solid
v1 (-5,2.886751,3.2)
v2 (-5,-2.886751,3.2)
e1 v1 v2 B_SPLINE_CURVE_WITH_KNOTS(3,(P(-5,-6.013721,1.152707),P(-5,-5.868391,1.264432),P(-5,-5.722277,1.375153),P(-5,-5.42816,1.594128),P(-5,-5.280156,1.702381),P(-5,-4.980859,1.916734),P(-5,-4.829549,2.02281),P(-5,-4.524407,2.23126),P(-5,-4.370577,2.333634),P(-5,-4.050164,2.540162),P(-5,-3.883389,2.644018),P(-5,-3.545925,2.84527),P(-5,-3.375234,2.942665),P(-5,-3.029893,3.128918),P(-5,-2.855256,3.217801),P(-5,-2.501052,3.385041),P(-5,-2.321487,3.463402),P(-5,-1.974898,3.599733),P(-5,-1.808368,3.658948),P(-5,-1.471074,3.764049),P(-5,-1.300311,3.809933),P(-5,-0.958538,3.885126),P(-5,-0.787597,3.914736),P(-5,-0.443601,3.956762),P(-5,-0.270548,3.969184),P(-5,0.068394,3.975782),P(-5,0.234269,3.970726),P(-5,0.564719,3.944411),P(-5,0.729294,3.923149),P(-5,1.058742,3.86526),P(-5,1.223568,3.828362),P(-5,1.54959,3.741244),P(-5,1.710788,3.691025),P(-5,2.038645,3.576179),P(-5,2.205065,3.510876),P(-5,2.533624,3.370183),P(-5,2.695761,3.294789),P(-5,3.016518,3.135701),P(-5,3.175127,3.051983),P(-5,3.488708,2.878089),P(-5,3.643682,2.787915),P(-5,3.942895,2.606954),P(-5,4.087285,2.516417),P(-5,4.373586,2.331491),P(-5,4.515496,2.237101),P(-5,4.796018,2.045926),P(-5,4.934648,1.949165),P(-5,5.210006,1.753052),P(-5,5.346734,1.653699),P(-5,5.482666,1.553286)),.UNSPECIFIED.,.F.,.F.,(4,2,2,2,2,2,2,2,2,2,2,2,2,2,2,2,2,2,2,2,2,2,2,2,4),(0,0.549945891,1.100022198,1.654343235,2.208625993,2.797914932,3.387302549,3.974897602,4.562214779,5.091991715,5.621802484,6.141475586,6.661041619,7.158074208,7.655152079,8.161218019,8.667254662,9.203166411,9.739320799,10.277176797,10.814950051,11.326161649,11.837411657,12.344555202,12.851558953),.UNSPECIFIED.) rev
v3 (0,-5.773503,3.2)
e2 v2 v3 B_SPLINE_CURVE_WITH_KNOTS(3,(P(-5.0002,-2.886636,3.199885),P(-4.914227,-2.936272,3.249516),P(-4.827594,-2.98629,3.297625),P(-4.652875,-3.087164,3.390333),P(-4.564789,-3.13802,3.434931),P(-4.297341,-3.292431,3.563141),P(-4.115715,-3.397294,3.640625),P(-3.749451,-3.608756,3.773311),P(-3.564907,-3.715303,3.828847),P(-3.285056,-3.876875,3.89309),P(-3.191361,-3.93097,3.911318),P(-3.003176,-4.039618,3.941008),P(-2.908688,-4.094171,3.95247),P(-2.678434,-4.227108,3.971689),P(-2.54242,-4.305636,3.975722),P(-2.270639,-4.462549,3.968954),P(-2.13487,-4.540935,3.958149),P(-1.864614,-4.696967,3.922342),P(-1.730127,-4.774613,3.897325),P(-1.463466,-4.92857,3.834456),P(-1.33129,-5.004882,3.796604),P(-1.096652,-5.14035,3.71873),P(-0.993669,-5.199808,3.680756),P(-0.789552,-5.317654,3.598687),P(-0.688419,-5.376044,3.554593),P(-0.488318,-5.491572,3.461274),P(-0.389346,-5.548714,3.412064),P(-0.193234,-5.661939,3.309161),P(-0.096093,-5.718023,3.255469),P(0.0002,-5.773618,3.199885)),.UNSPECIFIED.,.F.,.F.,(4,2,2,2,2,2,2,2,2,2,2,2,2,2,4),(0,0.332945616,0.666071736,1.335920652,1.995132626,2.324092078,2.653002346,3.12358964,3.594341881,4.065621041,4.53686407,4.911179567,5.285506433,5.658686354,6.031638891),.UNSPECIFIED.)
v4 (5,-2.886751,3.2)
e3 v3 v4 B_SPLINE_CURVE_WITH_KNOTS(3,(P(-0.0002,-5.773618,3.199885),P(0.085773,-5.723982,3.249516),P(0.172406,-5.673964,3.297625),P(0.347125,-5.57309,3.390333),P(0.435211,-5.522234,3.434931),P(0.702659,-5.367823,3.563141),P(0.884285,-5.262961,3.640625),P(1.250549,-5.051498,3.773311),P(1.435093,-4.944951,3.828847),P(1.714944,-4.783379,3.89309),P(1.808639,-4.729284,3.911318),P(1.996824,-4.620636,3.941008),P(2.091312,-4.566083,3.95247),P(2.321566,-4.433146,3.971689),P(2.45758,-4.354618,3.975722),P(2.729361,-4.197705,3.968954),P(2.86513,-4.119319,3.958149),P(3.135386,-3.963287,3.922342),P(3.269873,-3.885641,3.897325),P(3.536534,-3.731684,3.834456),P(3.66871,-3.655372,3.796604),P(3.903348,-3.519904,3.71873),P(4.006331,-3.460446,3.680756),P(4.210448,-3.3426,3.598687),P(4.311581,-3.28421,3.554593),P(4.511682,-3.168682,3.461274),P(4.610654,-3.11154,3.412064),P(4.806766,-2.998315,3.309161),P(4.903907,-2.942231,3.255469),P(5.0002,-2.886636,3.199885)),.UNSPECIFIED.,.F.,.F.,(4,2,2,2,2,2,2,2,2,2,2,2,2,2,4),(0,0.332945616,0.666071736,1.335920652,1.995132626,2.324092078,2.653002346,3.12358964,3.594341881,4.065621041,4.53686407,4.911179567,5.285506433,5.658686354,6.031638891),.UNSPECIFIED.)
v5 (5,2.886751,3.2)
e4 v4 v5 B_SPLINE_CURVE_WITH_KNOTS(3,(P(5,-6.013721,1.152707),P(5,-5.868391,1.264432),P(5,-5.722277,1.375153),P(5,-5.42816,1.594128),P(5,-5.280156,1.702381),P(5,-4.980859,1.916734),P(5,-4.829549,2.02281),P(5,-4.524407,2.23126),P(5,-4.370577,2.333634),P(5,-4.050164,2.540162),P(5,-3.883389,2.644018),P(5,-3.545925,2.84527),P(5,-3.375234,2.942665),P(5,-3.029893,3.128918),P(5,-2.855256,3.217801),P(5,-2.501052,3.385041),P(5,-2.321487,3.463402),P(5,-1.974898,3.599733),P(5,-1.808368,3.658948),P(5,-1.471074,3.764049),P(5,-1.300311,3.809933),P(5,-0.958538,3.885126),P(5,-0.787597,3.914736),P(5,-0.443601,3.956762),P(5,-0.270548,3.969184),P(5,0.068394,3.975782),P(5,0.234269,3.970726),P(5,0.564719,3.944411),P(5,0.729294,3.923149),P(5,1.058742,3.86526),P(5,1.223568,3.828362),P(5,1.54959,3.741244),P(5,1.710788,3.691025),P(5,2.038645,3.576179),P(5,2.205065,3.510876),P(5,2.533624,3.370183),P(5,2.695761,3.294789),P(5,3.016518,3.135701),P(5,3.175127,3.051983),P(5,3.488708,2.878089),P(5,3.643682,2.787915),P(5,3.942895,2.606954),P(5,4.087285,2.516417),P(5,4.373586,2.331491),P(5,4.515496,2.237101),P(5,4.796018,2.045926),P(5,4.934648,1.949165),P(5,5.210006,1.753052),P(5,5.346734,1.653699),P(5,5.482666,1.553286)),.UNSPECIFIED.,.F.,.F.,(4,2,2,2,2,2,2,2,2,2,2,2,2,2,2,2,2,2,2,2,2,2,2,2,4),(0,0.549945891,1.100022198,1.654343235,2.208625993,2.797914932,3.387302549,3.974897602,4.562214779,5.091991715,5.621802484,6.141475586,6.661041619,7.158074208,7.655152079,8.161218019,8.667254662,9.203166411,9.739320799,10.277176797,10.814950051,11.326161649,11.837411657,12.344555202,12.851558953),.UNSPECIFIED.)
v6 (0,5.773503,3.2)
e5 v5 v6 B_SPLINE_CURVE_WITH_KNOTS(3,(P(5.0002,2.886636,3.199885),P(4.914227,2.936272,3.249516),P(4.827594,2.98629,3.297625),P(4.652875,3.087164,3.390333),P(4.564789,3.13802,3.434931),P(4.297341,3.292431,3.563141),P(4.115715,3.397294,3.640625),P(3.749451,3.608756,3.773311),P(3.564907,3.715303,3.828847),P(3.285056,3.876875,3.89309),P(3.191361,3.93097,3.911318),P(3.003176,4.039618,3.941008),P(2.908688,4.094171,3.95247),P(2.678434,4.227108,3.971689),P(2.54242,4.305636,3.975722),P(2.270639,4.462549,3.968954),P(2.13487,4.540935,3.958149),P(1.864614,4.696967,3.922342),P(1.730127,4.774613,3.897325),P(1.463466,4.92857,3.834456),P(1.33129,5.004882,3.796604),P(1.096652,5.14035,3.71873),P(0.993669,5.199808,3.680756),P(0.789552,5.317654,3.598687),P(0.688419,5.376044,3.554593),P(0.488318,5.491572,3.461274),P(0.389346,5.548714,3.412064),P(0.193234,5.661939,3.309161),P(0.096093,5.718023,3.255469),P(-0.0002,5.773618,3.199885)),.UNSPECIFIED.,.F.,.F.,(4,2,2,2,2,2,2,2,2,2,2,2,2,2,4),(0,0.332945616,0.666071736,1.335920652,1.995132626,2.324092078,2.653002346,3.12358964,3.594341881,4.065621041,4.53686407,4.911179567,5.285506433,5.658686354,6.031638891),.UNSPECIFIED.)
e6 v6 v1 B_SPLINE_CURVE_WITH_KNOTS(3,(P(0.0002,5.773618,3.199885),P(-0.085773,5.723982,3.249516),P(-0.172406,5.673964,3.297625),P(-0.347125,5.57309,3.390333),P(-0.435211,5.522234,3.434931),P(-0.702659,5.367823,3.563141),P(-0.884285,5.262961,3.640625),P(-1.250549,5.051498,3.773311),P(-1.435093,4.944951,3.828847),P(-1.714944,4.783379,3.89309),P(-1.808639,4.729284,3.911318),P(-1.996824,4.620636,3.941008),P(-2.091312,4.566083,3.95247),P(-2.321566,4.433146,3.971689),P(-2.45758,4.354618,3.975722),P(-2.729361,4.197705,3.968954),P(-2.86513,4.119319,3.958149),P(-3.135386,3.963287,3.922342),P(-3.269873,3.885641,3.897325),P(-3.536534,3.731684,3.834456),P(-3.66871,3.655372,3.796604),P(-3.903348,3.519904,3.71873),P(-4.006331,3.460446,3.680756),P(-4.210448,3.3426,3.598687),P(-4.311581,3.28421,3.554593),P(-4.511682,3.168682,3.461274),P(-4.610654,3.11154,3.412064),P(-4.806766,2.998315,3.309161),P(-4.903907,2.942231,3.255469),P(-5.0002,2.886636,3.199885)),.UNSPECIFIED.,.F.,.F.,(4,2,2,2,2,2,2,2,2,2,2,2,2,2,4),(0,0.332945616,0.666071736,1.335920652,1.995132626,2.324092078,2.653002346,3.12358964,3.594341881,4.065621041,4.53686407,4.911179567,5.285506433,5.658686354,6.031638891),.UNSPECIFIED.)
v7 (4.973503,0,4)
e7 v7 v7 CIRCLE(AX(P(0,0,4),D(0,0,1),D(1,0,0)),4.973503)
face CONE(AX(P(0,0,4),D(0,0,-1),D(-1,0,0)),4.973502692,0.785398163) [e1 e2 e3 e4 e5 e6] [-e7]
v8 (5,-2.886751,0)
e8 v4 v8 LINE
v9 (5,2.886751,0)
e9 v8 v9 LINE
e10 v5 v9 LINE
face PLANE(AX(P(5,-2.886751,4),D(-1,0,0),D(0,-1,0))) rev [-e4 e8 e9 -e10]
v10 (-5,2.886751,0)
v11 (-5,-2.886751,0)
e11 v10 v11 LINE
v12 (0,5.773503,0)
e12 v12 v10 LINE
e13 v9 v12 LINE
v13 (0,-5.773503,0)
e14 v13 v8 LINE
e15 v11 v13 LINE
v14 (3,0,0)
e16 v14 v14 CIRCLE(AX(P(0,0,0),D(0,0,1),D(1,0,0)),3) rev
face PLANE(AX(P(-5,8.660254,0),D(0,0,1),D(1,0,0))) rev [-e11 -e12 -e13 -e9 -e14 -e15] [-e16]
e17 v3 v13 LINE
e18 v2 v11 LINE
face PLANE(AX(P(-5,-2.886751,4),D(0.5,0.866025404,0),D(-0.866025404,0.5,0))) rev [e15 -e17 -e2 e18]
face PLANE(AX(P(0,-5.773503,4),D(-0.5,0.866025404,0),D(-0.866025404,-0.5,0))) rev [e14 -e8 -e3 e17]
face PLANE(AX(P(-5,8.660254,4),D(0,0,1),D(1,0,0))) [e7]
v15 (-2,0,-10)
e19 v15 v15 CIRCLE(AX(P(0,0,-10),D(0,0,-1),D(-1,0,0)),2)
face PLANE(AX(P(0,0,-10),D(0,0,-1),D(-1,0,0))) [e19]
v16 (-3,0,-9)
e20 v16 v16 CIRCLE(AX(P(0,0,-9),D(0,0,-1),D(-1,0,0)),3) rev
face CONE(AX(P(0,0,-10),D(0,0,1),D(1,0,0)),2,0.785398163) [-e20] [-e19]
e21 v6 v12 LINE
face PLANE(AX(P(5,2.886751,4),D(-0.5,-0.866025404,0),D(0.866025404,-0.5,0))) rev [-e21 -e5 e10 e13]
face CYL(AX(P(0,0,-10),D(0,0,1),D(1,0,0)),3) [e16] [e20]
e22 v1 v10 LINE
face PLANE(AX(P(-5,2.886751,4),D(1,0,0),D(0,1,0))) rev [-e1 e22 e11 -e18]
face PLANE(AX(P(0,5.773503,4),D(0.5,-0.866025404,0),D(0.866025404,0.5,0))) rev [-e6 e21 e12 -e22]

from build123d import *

# Parameters (mm, degrees)
EXTRUDE_1_DEPTH = 4
SKETCH_2_R      = 3
EXTRUDE_2_DEPTH = 10
CHAMFER_1_SIZE  = 1


with BuildPart() as part:
    # Эскиз1 → Вытянуть1 (new body)
    with BuildSketch(Plane.XY):
        Polygon((0, 5.773502692), (-5, 2.886751346), (-5, -2.886751346), (0, -5.773502692), (5, -2.886751346), (5, 2.886751346), align=None)
    extrude(amount=EXTRUDE_1_DEPTH)

    # Эскиз2 → Вытянуть2 (add)
    with BuildSketch(Plane(origin=(0, 0, 0), x_dir=(-1, 0, 0), z_dir=(0, 0, -1))):
        with Locations(Location((0, 0, 0), (0, 0, 180))):
            Circle(SKETCH_2_R)
    extrude(amount=EXTRUDE_2_DEPTH)

    # Эскиз15 → Вырез-Повернуть1 (revolve, cut)
    with BuildSketch(Plane(origin=(0, 0, 0), x_dir=(0, 0, -1), z_dir=(1, 0, 0)), mode=Mode.PRIVATE) as cut_revolve_1_sk:
        Polygon((-4, 5.773502692), (-4, 4.973502692), (-3.2, 5.773502692), align=None)
    revolve(cut_revolve_1_sk.sketch.rotate(Axis((0, 0, 2.465296569), (0, 0, -1)), 300.000000095), axis=Axis((0, 0, 2.465296569), (0, 0, -1)), mode=Mode.SUBTRACT)

    # Фаска1
    chamfer_1_edges = [part.edges().sort_by_distance(p)[0] for p in [
        (-3, 0, -10),
    ]]
    chamfer(chamfer_1_edges, length=CHAMFER_1_SIZE)


solid = part.part
